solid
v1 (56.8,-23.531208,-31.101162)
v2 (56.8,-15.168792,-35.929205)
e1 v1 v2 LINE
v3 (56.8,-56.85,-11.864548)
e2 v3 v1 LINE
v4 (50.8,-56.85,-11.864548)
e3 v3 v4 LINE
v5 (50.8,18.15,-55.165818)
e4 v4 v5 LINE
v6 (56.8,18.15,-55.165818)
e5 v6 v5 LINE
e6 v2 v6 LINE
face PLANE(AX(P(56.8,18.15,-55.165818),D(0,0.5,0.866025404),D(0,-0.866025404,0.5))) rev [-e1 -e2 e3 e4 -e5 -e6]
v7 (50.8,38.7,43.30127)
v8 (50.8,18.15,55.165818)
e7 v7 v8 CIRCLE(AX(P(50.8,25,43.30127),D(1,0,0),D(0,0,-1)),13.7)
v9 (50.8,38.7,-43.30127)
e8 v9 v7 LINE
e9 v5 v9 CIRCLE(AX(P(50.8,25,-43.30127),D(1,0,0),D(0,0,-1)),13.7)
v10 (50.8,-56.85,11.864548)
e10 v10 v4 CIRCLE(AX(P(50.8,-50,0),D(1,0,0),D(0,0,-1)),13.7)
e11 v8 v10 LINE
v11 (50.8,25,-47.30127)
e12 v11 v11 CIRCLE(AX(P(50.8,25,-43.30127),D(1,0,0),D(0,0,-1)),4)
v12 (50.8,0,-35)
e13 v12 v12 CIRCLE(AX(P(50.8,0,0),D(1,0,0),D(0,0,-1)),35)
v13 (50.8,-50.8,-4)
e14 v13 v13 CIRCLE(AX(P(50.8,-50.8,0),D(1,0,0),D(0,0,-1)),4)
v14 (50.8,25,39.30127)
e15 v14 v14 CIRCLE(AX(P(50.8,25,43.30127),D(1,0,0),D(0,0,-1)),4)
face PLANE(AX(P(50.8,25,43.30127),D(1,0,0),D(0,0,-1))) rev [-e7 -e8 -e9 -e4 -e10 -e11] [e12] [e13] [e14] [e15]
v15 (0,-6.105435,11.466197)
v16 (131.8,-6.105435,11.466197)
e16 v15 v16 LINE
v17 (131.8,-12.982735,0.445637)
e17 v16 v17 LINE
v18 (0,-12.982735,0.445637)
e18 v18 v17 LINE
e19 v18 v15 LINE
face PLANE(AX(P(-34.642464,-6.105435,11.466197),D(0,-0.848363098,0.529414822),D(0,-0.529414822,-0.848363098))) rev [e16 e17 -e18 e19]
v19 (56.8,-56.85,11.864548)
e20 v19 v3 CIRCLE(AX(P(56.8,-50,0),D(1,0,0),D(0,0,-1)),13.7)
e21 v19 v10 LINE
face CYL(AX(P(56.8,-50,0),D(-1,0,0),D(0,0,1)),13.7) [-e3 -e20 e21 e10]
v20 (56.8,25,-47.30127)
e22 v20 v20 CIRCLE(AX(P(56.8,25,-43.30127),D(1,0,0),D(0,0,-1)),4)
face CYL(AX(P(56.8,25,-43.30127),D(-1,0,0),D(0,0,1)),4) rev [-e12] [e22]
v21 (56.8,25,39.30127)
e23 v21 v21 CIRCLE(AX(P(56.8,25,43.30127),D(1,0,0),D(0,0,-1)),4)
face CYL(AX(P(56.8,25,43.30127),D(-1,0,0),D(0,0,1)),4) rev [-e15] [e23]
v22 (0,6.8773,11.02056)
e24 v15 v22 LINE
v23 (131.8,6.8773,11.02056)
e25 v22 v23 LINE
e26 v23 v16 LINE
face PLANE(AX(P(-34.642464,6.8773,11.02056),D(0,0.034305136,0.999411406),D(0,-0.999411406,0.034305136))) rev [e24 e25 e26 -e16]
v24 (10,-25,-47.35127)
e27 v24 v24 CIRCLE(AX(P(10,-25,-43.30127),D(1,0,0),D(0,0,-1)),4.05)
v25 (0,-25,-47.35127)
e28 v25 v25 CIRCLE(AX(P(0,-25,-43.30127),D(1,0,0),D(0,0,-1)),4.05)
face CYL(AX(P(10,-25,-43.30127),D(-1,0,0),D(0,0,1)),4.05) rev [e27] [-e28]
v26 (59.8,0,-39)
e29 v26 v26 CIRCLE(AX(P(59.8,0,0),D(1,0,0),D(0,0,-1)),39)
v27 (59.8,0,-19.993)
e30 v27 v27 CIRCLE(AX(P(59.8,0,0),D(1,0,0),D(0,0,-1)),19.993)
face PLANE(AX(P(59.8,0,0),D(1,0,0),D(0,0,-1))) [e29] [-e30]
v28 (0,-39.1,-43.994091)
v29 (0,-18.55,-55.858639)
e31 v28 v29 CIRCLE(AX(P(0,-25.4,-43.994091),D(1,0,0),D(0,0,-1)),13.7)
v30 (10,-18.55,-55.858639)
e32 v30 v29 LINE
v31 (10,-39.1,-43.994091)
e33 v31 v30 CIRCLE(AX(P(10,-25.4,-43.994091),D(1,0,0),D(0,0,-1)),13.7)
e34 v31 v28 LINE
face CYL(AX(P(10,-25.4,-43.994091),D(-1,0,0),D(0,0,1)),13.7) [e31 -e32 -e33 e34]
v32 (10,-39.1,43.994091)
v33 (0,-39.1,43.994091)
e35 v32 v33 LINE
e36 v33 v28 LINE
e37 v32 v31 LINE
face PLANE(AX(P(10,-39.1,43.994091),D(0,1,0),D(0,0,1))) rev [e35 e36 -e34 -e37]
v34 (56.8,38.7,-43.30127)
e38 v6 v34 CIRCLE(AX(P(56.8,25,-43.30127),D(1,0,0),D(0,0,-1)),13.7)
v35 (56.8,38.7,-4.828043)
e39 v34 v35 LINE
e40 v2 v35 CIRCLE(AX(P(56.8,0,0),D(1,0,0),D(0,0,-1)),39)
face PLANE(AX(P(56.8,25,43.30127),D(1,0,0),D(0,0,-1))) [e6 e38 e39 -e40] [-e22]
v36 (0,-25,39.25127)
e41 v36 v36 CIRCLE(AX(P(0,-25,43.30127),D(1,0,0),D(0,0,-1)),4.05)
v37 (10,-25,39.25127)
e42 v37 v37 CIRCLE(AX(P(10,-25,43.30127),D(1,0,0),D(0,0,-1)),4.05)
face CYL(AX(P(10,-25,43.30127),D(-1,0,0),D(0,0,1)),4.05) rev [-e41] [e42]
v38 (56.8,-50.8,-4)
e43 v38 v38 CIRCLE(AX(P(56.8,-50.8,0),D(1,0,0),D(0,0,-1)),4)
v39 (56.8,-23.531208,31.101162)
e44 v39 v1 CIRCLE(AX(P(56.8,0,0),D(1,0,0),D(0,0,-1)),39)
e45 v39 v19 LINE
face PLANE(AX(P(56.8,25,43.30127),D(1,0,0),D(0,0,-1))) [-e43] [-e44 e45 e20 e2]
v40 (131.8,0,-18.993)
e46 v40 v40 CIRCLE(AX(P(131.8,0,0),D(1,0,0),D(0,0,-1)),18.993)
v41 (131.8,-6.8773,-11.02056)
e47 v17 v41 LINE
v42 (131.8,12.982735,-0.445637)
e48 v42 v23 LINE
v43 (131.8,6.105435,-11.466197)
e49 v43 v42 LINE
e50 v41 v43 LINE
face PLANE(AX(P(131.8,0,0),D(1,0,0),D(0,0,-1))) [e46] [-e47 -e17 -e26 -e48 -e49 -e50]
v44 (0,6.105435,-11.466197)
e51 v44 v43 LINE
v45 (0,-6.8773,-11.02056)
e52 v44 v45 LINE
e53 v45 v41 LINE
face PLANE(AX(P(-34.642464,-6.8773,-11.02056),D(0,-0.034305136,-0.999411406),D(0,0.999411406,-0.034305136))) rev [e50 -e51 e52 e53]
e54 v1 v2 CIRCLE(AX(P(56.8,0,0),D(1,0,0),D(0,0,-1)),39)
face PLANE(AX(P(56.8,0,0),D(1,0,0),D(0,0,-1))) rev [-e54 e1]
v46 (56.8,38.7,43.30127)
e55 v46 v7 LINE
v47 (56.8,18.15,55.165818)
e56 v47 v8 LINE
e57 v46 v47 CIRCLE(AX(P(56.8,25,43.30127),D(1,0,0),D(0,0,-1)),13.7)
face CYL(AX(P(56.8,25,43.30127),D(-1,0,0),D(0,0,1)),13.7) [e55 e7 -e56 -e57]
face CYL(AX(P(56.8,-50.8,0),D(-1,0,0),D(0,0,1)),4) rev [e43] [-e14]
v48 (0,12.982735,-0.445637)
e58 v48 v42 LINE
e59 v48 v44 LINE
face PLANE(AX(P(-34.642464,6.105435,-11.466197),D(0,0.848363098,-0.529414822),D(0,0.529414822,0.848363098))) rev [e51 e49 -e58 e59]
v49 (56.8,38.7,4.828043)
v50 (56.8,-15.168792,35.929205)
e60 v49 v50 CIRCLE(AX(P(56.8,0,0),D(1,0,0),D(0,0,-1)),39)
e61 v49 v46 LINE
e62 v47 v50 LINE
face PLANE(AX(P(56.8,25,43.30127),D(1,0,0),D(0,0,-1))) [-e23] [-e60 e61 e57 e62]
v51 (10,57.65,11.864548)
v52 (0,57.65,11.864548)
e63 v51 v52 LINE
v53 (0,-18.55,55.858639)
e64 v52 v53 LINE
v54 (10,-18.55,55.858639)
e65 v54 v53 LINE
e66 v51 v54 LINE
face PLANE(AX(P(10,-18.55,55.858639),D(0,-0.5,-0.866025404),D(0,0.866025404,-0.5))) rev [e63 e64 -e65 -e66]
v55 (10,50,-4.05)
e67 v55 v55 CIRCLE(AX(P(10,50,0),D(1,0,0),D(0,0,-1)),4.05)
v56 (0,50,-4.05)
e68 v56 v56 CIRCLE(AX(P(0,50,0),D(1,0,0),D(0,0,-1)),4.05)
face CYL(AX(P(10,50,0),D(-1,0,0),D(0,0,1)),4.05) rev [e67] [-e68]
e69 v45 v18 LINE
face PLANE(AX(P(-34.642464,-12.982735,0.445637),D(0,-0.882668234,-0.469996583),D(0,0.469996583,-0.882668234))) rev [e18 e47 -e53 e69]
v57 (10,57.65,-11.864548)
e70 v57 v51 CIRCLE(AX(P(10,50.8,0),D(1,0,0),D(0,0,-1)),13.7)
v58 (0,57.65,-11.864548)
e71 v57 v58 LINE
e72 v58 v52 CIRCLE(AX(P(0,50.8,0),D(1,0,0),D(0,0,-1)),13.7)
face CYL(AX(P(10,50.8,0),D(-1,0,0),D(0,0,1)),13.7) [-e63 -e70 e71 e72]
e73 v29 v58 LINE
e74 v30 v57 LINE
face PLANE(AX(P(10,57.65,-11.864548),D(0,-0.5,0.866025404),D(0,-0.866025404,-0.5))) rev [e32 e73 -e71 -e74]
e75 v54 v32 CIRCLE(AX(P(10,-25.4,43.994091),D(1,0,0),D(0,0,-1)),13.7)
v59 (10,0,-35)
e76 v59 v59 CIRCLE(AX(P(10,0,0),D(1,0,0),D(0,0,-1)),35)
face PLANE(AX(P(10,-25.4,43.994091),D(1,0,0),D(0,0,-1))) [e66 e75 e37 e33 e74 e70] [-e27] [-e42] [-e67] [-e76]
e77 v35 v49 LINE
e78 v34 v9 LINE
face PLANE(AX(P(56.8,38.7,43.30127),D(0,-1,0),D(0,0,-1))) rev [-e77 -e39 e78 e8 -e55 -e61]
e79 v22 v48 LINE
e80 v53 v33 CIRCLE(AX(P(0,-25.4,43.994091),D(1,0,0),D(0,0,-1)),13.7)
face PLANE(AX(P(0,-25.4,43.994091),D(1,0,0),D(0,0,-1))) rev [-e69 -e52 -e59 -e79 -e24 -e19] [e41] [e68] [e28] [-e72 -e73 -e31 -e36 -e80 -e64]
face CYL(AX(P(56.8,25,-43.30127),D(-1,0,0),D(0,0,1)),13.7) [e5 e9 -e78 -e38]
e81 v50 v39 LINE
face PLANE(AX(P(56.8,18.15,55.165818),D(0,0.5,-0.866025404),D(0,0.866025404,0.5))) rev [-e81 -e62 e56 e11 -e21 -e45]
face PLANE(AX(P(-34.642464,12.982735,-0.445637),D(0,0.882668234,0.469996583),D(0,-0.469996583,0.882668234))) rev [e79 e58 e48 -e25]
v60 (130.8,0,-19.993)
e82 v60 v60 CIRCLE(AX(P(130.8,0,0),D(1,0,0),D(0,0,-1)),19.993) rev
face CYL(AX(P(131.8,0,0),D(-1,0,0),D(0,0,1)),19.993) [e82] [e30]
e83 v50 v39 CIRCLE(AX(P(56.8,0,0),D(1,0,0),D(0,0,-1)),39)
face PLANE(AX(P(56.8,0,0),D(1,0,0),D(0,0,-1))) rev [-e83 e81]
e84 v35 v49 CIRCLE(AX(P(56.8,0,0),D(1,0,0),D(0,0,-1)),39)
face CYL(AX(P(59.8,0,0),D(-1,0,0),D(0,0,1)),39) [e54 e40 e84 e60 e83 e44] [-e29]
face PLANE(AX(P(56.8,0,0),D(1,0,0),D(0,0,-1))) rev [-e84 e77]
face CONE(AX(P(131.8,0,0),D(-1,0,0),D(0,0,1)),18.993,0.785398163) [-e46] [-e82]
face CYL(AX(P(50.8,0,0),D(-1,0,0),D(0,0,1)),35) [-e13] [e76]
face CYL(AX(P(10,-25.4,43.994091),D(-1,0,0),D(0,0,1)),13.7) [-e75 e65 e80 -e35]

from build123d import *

# Parameters (mm, degrees)
SKETCH10_R           = 4.05
BOSS_EXTRUDE12_DEPTH = 10
SKETCH11_R           = 35
BOSS_EXTRUDE13_DEPTH = 40.8
SKETCH12_R           = 4
BOSS_EXTRUDE14_DEPTH = 6
SKETCH13_R           = 19.993
BOSS_EXTRUDE15_DEPTH = 75
SKETCH16_R           = 39
BOSS_EXTRUDE16_DEPTH = 3
CHAMFER1_SIZE        = 1
CUT_EXTRUDE2_DEPTH   = 131.8


with BuildPart() as part:
    # Sketch10 → Boss-Extrude12 (new body)
    with BuildSketch(Plane(origin=(0, 0, 0), x_dir=(0, 0, -1), z_dir=(1, 0, 0))):
        with BuildLine():
            Line((-55.858638544, -18.55), (-11.864548032, 57.65))
            ThreePointArc((-11.864548032, 57.65), (0, 64.5), (11.864548032, 57.65))
            Line((11.864548032, 57.65), (55.858638544, -18.55))
            ThreePointArc((55.858638544, -18.55), (55.858638544, -32.25), (43.994090512, -39.1))
            Line((43.994090512, -39.1), (-43.994090512, -39.1))
            ThreePointArc((-43.994090512, -39.1), (-55.858638544, -32.25), (-55.858638544, -18.55))
        make_face()
        with Locations((0, 50)):
            Circle(SKETCH10_R, mode=Mode.SUBTRACT)
        with Locations((43.301270189, -25)):
            Circle(SKETCH10_R, mode=Mode.SUBTRACT)
        with Locations((-43.301270189, -25)):
            Circle(SKETCH10_R, mode=Mode.SUBTRACT)
    extrude(amount=BOSS_EXTRUDE12_DEPTH)

    # Sketch11 → Boss-Extrude13 (add)
    with BuildSketch(Plane(origin=(10, 0, 0), x_dir=(0, 0, -1), z_dir=(1, 0, 0))):
        Circle(SKETCH11_R)
    extrude(amount=BOSS_EXTRUDE13_DEPTH)

    # Sketch12 → Boss-Extrude14 (add)
    with BuildSketch(Plane(origin=(50.8, 0, 0), x_dir=(0, 0, -1), z_dir=(1, 0, 0))):
        with BuildLine():
            Line((-43.301270189, 38.7), (43.301270189, 38.7))
            ThreePointArc((43.301270189, 38.7), (55.165818221, 31.85), (55.165818221, 18.15))
            Line((55.165818221, 18.15), (11.864548032, -56.85))
            ThreePointArc((11.864548032, -56.85), (0, -63.7), (-11.864548032, -56.85))
            Line((-11.864548032, -56.85), (-55.165818221, 18.15))
            ThreePointArc((-55.165818221, 18.15), (-55.165818221, 31.85), (-43.301270189, 38.7))
        make_face()
        with Locations((43.301270189, 25)):
            Circle(SKETCH12_R, mode=Mode.SUBTRACT)
        with Locations((0, -50.8)):
            Circle(SKETCH12_R, mode=Mode.SUBTRACT)
        with Locations((-43.301270189, 25)):
            Circle(SKETCH12_R, mode=Mode.SUBTRACT)
    extrude(amount=BOSS_EXTRUDE14_DEPTH)

    # Sketch13 → Boss-Extrude15 (add)
    with BuildSketch(Plane(origin=(56.8, 0, 0), x_dir=(0, 0, -1), z_dir=(1, 0, 0))):
        Circle(SKETCH13_R)
    extrude(amount=BOSS_EXTRUDE15_DEPTH)

    # Sketch16 → Boss-Extrude16 (add)
    with BuildSketch(Plane(origin=(56.8, 0, 0), x_dir=(0, 0, -1), z_dir=(1, 0, 0))):
        with Locations(Location((0, 0, 0), (0, 0, 202.888769737))):
            Circle(SKETCH16_R)
    extrude(amount=BOSS_EXTRUDE16_DEPTH)

    # Chamfer1
    chamfer1_edges = [part.edges().sort_by_distance(p)[0] for p in [
        (131.8, 0, 19.993),
    ]]
    chamfer(chamfer1_edges, length=CHAMFER1_SIZE)

    # Sketch14 → Cut-Extrude2 (cut)
    with BuildSketch(Plane(origin=(131.8, 0, 0), x_dir=(0, 0, -1), z_dir=(1, 0, 0))):
        Polygon((-11.46619671, -6.10543471), (-0.445636795, -12.982734991), (11.020559915, -6.877300281), (11.46619671, 6.10543471), (0.445636795, 12.982734991), (-11.020559915, 6.877300281), align=None)
    extrude(amount=-CUT_EXTRUDE2_DEPTH, mode=Mode.SUBTRACT)


solid = part.part
